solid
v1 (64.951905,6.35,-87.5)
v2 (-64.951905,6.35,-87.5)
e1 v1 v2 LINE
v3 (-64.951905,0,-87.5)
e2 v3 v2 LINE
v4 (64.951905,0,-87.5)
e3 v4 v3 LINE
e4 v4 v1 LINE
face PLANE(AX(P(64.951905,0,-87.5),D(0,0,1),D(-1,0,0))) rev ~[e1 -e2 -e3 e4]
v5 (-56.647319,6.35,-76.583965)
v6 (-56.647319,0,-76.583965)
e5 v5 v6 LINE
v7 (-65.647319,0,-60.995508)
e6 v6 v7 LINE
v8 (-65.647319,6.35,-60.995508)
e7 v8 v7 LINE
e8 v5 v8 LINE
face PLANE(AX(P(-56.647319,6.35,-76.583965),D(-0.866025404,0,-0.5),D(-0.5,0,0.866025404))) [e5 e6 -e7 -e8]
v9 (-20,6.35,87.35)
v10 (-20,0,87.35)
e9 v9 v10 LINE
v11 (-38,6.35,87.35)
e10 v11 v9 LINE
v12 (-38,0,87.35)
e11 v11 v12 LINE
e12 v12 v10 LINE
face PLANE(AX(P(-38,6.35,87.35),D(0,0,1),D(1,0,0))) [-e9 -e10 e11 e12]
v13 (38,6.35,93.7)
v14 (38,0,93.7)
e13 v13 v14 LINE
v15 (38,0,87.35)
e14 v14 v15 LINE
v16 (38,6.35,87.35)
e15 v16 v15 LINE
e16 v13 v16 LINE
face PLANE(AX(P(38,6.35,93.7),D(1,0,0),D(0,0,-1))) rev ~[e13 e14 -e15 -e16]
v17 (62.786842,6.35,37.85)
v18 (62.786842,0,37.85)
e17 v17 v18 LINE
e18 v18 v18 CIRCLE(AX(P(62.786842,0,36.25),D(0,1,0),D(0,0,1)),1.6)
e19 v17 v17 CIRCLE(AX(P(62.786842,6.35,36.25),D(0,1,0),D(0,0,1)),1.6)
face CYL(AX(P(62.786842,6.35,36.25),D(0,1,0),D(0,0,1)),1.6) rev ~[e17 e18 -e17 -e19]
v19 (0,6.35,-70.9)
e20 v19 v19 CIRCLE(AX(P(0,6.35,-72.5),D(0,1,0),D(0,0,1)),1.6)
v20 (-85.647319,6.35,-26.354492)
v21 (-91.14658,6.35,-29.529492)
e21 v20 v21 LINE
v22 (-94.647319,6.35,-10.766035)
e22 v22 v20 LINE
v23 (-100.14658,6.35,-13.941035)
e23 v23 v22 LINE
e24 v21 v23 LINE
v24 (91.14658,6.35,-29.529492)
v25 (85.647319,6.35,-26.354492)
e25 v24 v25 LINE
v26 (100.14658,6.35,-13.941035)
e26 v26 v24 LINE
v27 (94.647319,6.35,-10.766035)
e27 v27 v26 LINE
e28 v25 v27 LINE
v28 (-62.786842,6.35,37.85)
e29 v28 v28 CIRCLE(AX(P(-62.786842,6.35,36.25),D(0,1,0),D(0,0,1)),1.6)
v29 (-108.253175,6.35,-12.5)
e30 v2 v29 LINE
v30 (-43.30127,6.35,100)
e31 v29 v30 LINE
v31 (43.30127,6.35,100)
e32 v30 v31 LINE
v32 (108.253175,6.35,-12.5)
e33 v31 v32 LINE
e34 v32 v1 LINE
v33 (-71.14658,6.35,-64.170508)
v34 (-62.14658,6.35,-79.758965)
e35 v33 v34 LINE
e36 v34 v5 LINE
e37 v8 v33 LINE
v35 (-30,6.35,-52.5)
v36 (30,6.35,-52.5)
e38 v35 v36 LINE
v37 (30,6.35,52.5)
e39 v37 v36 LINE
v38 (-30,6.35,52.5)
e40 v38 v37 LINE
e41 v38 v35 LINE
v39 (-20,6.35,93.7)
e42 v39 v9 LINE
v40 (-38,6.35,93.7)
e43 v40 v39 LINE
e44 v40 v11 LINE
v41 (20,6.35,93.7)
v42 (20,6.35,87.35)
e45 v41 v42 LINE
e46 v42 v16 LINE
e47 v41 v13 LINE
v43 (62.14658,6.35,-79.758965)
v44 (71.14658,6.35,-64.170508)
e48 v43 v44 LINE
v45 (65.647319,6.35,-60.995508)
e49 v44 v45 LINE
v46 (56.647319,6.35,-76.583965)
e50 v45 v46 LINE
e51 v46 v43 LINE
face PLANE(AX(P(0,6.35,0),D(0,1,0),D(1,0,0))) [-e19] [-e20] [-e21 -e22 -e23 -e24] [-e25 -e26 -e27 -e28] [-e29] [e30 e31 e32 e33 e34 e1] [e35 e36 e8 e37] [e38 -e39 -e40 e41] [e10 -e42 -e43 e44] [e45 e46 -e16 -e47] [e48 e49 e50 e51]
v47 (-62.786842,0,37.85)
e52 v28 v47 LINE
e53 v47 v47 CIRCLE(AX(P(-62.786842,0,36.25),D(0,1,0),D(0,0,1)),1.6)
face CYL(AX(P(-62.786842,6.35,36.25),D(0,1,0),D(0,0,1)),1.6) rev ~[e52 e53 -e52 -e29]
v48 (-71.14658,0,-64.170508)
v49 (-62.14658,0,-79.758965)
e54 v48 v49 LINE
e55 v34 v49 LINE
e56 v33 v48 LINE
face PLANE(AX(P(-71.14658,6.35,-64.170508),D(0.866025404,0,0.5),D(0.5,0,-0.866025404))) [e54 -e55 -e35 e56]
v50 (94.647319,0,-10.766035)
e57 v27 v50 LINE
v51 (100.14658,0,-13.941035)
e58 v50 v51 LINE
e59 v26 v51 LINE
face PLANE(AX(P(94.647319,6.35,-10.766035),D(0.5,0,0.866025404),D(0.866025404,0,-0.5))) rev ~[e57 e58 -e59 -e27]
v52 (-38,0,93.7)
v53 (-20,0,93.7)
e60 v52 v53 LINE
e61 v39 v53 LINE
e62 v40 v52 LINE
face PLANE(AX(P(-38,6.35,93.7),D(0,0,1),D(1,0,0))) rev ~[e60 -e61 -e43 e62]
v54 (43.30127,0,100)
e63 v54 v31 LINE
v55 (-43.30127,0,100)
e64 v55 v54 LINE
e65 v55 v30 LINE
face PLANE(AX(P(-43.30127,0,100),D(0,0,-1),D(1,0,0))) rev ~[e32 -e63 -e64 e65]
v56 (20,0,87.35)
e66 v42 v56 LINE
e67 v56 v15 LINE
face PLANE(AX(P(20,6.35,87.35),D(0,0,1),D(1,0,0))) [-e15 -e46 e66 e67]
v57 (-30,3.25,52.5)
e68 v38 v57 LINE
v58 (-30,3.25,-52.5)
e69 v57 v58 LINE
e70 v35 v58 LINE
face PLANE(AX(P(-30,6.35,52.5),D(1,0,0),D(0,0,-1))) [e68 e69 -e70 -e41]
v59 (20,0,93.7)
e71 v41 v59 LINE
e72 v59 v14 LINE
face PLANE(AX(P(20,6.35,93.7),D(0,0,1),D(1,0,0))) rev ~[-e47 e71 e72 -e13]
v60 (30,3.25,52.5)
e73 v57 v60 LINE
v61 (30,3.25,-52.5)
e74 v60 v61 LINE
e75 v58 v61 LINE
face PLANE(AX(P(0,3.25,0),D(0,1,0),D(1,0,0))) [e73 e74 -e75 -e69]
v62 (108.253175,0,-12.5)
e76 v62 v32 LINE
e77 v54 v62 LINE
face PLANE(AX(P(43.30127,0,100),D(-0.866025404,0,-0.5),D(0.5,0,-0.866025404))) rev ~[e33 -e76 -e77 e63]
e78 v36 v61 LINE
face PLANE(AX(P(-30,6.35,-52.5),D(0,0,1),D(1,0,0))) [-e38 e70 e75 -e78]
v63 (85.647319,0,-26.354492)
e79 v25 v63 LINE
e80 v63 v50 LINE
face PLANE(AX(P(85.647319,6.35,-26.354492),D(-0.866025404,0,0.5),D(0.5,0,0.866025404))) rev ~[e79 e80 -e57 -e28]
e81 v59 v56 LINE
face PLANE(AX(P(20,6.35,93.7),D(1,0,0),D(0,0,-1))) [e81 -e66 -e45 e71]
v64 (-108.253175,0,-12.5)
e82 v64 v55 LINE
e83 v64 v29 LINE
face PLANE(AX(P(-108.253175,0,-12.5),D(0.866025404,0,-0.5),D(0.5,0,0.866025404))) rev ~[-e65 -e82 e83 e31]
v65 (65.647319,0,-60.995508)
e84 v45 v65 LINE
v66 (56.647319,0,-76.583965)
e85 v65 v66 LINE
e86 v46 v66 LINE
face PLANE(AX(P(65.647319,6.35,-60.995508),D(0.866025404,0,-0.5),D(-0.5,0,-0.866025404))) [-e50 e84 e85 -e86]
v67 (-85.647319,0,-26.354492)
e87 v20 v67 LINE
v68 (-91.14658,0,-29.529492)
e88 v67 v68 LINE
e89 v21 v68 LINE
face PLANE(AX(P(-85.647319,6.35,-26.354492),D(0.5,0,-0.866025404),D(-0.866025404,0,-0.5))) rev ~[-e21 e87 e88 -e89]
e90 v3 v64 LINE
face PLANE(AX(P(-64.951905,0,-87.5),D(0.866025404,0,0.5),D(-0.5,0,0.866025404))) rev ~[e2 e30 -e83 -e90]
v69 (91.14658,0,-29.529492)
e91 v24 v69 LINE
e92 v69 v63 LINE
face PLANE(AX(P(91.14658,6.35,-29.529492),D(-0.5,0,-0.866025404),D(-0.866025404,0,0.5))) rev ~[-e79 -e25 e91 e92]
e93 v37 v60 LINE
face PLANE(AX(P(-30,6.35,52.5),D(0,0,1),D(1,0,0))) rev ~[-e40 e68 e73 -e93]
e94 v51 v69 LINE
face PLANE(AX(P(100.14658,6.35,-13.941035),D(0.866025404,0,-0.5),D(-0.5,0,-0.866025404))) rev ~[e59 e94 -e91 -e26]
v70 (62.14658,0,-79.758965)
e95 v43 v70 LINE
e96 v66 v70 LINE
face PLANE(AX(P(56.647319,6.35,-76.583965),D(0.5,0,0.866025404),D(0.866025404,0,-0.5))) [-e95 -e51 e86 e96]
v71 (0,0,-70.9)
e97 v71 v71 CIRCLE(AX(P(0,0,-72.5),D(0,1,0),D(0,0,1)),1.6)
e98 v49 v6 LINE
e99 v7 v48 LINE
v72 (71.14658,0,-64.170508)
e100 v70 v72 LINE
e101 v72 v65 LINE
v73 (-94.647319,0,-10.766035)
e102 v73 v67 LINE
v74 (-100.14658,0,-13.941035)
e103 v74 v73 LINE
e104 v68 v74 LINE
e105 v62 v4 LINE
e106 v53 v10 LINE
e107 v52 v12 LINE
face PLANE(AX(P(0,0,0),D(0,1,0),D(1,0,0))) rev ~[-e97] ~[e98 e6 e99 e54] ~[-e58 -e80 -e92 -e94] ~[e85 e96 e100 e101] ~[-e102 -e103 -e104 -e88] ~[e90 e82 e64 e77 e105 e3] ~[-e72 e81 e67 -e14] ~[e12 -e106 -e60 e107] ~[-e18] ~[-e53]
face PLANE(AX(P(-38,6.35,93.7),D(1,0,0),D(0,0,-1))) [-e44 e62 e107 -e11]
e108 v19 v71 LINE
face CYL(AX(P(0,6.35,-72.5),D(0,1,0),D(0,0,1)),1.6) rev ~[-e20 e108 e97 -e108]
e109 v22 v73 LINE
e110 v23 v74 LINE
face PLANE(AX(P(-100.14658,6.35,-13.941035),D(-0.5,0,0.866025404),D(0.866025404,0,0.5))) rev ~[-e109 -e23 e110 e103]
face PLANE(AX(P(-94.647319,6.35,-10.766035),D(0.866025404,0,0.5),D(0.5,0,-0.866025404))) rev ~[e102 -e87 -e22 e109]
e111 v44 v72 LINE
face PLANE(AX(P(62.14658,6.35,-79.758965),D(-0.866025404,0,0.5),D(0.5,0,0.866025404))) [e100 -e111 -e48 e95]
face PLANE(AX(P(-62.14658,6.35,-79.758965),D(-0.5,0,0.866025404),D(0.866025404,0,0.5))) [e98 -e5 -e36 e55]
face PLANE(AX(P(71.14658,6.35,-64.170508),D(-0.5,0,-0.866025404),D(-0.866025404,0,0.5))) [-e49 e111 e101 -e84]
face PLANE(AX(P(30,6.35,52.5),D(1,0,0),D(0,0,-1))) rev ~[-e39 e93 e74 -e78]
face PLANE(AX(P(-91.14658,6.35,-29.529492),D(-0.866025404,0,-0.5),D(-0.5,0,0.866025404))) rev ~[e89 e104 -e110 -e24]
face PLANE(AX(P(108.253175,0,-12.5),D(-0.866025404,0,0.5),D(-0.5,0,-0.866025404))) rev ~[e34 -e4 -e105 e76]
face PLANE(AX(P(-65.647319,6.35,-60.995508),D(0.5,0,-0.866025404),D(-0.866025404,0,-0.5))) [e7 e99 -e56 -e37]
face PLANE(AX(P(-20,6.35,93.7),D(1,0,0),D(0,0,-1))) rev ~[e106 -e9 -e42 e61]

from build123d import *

# Parameters (mm, degrees)
BOSS_EXTRUDE1_DEPTH = 6.35
SKETCH2_W           = 18
SKETCH2_H           = 6.35
CUT_EXTRUDE1_DEPTH  = 148.509567486
SKETCH4_W           = 60
SKETCH4_H           = 105
CUT_EXTRUDE2_DEPTH  = 3.1
SKETCH5_R           = 1.6
CUT_EXTRUDE3_DEPTH  = 148.509567486


with BuildPart() as part:
    # Sketch1 → Boss-Extrude1 (new body)
    with BuildSketch(Plane(origin=(0, 0, 0), x_dir=(1, 0, 0), z_dir=(0, 1, 0))):
        Polygon((64.951905284, 87.5), (-64.951905284, 87.5), (-108.253175473, 12.5), (-43.301270189, -100), (43.301270189, -100), (108.253175473, 12.5), align=None)
    extrude(amount=BOSS_EXTRUDE1_DEPTH)

    # Sketch2 → Cut-Extrude1 (cut, through all)
    with BuildSketch(Plane(origin=(0, 6.35, 0), x_dir=(1, 0, 0), z_dir=(0, 1, 0))):
        with Locations((-29, -90.525)):
            Rectangle(SKETCH2_W, SKETCH2_H)
        with Locations((29, -90.525)):
            Rectangle(SKETCH2_W, SKETCH2_H)
        Polygon((-62.146580335, 79.758965344), (-56.647319021, 76.583965344), (-65.647319021, 60.995508076), (-71.146580335, 64.170508076), align=None)
        Polygon((-94.647319021, 10.766034656), (-85.647319021, 26.354491924), (-91.146580335, 29.529491924), (-100.146580335, 13.941034656), align=None)
        Polygon((100.146580335, 13.941034656), (91.146580335, 29.529491924), (85.647319021, 26.354491924), (94.647319021, 10.766034656), align=None)
        Polygon((56.647319021, 76.583965344), (62.146580335, 79.758965344), (71.146580335, 64.170508076), (65.647319021, 60.995508076), align=None)
    extrude(amount=-CUT_EXTRUDE1_DEPTH, mode=Mode.SUBTRACT)

    # Sketch4 → Cut-Extrude2 (cut)
    with BuildSketch(Plane(origin=(0, 6.35, 0), x_dir=(1, 0, 0), z_dir=(0, 1, 0))):
        Rectangle(SKETCH4_W, SKETCH4_H)
    extrude(amount=-CUT_EXTRUDE2_DEPTH, mode=Mode.SUBTRACT)

    # Sketch5 → Cut-Extrude3 (cut, through all)
    with BuildSketch(Plane(origin=(0, 6.35, 0), x_dir=(1, 0, 0), z_dir=(0, 1, 0))):
        with Locations((0, 72.5)):
            Circle(SKETCH5_R)
        with Locations((-62.786841774, -36.25)):
            Circle(SKETCH5_R)
        with Locations((62.786841774, -36.25)):
            Circle(SKETCH5_R)
    extrude(amount=-CUT_EXTRUDE3_DEPTH, mode=Mode.SUBTRACT)


solid = part.part
